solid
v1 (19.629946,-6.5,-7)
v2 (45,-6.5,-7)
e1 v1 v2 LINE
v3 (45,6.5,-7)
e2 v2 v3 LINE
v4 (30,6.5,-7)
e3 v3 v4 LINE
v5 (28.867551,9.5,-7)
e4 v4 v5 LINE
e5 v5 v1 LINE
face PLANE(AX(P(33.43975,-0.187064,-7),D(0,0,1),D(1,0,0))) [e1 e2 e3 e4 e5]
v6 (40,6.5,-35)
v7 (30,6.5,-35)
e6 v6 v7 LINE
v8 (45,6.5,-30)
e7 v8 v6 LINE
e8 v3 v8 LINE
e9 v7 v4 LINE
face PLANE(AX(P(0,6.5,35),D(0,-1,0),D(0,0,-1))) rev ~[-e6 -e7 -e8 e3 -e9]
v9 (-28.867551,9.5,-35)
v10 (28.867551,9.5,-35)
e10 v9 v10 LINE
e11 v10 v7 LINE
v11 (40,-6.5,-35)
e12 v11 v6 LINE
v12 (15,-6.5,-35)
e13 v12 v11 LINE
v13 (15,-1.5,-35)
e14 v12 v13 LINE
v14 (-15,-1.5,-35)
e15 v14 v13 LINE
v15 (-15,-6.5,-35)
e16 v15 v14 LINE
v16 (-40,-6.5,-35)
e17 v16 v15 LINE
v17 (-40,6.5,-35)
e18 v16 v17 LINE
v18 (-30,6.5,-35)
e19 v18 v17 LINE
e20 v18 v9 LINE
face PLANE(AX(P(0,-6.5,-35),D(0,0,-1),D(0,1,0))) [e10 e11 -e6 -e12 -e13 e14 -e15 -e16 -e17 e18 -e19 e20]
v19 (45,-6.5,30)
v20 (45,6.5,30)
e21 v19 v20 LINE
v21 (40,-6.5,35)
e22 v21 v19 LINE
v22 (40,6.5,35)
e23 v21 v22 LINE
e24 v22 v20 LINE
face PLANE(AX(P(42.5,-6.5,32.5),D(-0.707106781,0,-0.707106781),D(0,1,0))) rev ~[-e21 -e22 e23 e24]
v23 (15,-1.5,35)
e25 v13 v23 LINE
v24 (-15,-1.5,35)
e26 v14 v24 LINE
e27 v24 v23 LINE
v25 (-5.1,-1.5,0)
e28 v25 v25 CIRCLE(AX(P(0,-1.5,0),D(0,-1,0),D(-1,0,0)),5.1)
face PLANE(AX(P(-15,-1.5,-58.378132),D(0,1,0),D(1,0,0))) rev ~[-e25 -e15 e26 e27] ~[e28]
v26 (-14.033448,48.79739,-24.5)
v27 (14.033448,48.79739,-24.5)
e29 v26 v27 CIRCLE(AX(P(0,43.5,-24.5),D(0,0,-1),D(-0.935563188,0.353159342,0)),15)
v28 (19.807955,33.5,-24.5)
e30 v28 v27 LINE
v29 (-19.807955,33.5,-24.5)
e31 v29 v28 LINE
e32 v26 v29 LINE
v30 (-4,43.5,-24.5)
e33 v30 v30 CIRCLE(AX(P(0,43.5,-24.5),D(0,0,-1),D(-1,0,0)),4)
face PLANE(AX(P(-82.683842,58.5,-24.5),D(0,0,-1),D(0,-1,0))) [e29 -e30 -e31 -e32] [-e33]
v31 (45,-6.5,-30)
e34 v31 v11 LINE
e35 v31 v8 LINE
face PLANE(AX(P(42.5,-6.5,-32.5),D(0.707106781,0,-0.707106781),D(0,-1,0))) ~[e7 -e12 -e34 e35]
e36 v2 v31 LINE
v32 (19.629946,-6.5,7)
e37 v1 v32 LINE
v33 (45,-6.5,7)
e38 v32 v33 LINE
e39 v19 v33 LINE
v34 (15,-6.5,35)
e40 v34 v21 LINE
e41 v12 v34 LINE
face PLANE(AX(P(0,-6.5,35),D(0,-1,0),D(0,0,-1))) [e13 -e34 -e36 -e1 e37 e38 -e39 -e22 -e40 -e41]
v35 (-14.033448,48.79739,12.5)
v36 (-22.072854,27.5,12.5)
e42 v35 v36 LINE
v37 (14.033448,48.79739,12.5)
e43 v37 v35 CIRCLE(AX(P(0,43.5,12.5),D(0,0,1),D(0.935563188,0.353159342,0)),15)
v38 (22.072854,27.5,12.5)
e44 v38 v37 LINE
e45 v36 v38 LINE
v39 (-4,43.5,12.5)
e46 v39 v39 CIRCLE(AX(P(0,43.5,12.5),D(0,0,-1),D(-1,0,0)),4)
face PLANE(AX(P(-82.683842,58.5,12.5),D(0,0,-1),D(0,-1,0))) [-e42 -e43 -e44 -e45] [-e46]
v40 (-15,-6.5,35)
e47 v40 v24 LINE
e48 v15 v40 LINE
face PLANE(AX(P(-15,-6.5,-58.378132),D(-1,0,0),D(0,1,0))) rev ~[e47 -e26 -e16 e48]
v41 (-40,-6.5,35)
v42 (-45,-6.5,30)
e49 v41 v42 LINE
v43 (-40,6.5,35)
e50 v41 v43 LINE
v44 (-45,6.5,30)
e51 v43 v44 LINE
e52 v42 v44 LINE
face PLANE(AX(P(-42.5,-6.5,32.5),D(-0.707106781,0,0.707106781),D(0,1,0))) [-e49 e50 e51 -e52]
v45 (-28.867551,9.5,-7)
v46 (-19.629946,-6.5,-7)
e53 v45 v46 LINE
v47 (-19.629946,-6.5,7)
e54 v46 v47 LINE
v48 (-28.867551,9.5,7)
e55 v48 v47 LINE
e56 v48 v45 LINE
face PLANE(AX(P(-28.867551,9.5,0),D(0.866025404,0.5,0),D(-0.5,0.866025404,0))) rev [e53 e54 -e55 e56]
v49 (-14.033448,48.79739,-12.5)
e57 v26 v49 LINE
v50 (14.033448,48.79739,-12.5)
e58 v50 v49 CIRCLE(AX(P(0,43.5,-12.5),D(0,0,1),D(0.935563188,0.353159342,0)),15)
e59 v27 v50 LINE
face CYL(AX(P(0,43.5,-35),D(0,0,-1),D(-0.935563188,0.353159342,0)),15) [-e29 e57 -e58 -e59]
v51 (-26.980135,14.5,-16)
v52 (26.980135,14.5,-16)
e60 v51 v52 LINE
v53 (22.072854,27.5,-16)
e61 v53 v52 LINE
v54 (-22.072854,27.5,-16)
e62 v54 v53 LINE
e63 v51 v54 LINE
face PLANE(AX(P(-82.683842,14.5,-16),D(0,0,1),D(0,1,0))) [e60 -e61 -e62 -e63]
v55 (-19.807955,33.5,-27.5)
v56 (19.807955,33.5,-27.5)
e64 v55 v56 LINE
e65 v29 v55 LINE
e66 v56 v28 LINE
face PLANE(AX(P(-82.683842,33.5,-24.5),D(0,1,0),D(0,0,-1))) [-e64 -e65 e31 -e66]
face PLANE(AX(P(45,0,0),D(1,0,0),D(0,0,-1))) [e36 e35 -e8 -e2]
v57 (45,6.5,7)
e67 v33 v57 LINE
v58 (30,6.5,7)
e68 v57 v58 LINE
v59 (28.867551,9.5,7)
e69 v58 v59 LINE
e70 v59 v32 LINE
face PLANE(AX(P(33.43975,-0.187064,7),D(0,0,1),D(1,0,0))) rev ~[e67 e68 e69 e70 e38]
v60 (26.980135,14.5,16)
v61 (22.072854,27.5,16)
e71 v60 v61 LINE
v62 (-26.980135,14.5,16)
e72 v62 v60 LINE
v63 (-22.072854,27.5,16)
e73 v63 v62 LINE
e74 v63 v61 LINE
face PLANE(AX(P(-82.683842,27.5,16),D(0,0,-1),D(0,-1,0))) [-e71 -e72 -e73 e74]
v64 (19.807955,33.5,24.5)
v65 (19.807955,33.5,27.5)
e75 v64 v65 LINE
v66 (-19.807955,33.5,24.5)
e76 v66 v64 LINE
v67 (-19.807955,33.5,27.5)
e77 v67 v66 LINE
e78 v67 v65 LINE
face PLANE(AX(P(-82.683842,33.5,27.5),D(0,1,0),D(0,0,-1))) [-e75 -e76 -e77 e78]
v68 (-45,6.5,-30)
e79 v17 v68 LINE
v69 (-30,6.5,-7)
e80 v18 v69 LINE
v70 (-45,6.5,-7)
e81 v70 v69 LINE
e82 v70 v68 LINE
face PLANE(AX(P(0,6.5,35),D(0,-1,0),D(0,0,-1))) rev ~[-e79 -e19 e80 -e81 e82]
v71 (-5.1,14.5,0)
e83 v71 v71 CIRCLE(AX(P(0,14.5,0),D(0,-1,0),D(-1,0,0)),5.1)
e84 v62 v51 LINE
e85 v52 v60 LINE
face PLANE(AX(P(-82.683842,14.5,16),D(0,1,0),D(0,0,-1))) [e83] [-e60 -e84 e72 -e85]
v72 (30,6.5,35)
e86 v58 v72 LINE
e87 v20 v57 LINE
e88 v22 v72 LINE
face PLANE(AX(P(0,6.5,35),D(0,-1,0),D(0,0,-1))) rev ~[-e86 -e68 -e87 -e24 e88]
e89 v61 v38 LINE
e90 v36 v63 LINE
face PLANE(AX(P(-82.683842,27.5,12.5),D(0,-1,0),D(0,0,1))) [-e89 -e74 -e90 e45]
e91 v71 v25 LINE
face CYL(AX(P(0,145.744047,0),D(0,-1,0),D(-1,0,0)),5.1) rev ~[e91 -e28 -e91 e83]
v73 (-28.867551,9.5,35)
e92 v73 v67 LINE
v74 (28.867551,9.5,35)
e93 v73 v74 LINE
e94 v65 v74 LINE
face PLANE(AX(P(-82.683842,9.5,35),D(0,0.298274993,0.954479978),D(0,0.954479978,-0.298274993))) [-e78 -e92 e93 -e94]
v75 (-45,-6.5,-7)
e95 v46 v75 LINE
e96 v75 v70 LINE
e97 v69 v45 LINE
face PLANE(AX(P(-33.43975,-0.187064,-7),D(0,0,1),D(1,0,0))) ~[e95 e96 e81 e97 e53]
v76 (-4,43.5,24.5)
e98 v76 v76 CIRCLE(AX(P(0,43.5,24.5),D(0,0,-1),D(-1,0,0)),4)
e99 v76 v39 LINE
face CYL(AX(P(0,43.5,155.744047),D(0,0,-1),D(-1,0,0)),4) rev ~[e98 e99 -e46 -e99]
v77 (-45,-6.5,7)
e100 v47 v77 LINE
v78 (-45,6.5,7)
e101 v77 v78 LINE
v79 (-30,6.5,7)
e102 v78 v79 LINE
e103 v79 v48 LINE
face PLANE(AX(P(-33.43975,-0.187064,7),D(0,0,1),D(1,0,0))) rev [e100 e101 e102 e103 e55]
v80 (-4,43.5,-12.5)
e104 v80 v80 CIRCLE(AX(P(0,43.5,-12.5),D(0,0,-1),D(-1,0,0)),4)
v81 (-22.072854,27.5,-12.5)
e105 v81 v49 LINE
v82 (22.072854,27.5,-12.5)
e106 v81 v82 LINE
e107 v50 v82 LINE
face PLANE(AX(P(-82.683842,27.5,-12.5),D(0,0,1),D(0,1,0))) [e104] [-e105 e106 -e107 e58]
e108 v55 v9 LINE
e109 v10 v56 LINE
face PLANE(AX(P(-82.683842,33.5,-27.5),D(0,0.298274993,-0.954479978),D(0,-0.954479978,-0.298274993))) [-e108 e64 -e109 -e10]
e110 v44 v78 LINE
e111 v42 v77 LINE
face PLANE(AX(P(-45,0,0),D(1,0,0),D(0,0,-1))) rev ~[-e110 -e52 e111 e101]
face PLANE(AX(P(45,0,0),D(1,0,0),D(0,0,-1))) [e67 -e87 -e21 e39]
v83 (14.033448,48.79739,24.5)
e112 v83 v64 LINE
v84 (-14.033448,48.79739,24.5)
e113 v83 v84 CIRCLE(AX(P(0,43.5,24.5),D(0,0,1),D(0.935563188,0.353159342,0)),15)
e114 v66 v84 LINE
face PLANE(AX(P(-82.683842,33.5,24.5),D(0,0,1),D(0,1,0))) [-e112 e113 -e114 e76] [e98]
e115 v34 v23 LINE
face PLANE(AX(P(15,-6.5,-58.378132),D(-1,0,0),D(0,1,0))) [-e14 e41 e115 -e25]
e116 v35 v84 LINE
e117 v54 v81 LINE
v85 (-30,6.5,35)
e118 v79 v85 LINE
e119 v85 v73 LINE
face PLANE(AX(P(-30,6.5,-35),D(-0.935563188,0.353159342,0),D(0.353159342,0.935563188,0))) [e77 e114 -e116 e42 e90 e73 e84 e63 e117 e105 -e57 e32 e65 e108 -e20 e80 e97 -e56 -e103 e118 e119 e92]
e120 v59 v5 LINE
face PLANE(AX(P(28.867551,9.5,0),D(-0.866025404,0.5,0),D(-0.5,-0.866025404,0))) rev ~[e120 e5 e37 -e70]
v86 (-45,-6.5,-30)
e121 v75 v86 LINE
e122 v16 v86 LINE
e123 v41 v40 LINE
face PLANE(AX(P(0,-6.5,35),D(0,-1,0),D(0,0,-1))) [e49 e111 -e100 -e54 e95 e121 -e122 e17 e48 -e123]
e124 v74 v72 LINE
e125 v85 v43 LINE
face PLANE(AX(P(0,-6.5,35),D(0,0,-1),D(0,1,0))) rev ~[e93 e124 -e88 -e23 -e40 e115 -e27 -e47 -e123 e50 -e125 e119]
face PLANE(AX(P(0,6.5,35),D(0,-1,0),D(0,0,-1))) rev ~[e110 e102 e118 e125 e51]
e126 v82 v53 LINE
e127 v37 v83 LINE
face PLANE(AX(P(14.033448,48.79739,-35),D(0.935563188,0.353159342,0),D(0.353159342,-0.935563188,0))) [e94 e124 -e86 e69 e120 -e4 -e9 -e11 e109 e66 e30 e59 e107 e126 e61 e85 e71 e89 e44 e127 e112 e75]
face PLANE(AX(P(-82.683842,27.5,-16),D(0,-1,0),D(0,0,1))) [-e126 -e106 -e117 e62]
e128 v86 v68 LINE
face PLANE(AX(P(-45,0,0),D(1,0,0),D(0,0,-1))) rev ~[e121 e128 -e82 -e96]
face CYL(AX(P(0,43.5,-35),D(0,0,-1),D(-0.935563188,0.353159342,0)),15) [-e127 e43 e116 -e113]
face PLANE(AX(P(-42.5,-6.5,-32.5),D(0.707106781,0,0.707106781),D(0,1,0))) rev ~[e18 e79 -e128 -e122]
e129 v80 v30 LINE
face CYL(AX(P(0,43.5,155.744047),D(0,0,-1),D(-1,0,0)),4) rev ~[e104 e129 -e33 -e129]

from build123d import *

# Parameters (mm, degrees)
SKETCH1_W                = 70
SKETCH1_H                = 13
BOSS_EXTRUDE1_DEPTH      = 45
CHAMFER1_SIZE            = 5
CUT_EXTRUDE1_DEPTH       = 58.378131723
CUT_EXTRUDE1_DEPTH_BACK  = 58.378131723
SKETCH3_W                = 30
SKETCH3_H                = 5
BOSS_EXTRUDE2_DEPTH      = 35
BOSS_EXTRUDE2_DEPTH_BACK = 35
CUT_EXTRUDE11_DEPTH      = 82.683841731
CUT_EXTRUDE11_DEPTH_BACK = 82.683841731
CUT_EXTRUDE12_DEPTH      = 7
F_8_0_8_DIAMETER_HOLE2_D = 8
M12_TAPPED_HOLE1_D       = 10.2


with BuildPart() as part:
    # Sketch1 → Boss-Extrude1 (new, symmetric)
    with BuildSketch(Plane(origin=(0, 0, 0), x_dir=(0, 0, -1), z_dir=(1, 0, 0))):
        Rectangle(SKETCH1_W, SKETCH1_H)
    extrude(amount=BOSS_EXTRUDE1_DEPTH, both=True)

    # Chamfer1
    chamfer1_edges = [part.edges().sort_by_distance(p)[0] for p in [
        (45, 0, -35),
        (45, 0, 35),
        (-45, 0, -35),
        (-45, 0, 35),
    ]]
    chamfer(chamfer1_edges, length=CHAMFER1_SIZE)

    # Sketch3 → Cut-Extrude1 (cut, two sides: drawn at the far end of the back side and taken through both)
    with BuildSketch(Plane.XY.offset(-CUT_EXTRUDE1_DEPTH_BACK)):
        with Locations((0, -4)):
            Rectangle(SKETCH3_W, SKETCH3_H)
    extrude(amount=CUT_EXTRUDE1_DEPTH + CUT_EXTRUDE1_DEPTH_BACK, mode=Mode.SUBTRACT)

    # Sketch4 → Boss-Extrude2 (add, two sides: drawn at the far end of the back side and taken through both)
    with BuildSketch(Plane.XY.offset(-BOSS_EXTRUDE2_DEPTH_BACK)):
        with BuildLine():
            Line((-30, 6.5), (-14.033447824, 48.797390128))
            ThreePointArc((-14.033447824, 48.797390128), (0, 58.5), (14.033447824, 48.797390128))
            Line((14.033447824, 48.797390128), (30, 6.5))
            Line((30, 6.5), (-30, 6.5))
        make_face()
    extrude(amount=BOSS_EXTRUDE2_DEPTH + BOSS_EXTRUDE2_DEPTH_BACK)

    # Sketch13 → Cut-Extrude11 (cut, two sides: drawn at the far end of the back side and taken through both)
    with BuildSketch(Plane(origin=(0, 0, 0), x_dir=(0, 0, -1), z_dir=(1, 0, 0)).offset(-CUT_EXTRUDE11_DEPTH_BACK)):
        Polygon((-88.955494026, -163.157580884), (-35, 9.5), (-27.5, 33.5), (-24.5, 33.5), (-24.5, 58.5), (-12.5, 58.5), (-12.5, 27.5), (-16, 27.5), (-16, 14.5), (16, 14.5), (16, 27.5), (12.5, 27.5), (12.5, 58.5), (24.5, 58.5), (24.5, 33.5), (27.5, 33.5), (35, 9.5), (88.955494026, -163.157580884), (88.955494026, 198.625976356), (-88.955494026, 198.625976356), align=None)
    extrude(amount=CUT_EXTRUDE11_DEPTH + CUT_EXTRUDE11_DEPTH_BACK, mode=Mode.SUBTRACT)

    # Sketch14 → Cut-Extrude12 (cut, symmetric)
    with BuildSketch(Plane.XY):
        Polygon((28.867550542, 9.5), (19.629946235, -6.5), (45, -6.5), (45, 6.5), (30, 6.5), align=None)
    cut_extrude12 = extrude(amount=CUT_EXTRUDE12_DEPTH, both=True, mode=Mode.SUBTRACT)

    # Mirror1: Cut-Extrude12 across plane
    add(cut_extrude12.mirror(Plane(origin=(0, 0, 0), x_dir=(0, 0, 1), z_dir=(1, 0, 0))), mode=Mode.SUBTRACT)

    # Ø8.0 (8) Diameter Hole2 (through all)
    with Locations(Plane.XY.offset(24.5)):
        with Locations((0, 43.5)):
            Hole(F_8_0_8_DIAMETER_HOLE2_D / 2)

    # M12 Tapped Hole1 (through all)
    with Locations(Plane(origin=(0, 14.5, 0), x_dir=(1, 0, 0), z_dir=(0, 1, 0))):
        with Locations((0, 0)):
            Hole(M12_TAPPED_HOLE1_D / 2)


solid = part.part
